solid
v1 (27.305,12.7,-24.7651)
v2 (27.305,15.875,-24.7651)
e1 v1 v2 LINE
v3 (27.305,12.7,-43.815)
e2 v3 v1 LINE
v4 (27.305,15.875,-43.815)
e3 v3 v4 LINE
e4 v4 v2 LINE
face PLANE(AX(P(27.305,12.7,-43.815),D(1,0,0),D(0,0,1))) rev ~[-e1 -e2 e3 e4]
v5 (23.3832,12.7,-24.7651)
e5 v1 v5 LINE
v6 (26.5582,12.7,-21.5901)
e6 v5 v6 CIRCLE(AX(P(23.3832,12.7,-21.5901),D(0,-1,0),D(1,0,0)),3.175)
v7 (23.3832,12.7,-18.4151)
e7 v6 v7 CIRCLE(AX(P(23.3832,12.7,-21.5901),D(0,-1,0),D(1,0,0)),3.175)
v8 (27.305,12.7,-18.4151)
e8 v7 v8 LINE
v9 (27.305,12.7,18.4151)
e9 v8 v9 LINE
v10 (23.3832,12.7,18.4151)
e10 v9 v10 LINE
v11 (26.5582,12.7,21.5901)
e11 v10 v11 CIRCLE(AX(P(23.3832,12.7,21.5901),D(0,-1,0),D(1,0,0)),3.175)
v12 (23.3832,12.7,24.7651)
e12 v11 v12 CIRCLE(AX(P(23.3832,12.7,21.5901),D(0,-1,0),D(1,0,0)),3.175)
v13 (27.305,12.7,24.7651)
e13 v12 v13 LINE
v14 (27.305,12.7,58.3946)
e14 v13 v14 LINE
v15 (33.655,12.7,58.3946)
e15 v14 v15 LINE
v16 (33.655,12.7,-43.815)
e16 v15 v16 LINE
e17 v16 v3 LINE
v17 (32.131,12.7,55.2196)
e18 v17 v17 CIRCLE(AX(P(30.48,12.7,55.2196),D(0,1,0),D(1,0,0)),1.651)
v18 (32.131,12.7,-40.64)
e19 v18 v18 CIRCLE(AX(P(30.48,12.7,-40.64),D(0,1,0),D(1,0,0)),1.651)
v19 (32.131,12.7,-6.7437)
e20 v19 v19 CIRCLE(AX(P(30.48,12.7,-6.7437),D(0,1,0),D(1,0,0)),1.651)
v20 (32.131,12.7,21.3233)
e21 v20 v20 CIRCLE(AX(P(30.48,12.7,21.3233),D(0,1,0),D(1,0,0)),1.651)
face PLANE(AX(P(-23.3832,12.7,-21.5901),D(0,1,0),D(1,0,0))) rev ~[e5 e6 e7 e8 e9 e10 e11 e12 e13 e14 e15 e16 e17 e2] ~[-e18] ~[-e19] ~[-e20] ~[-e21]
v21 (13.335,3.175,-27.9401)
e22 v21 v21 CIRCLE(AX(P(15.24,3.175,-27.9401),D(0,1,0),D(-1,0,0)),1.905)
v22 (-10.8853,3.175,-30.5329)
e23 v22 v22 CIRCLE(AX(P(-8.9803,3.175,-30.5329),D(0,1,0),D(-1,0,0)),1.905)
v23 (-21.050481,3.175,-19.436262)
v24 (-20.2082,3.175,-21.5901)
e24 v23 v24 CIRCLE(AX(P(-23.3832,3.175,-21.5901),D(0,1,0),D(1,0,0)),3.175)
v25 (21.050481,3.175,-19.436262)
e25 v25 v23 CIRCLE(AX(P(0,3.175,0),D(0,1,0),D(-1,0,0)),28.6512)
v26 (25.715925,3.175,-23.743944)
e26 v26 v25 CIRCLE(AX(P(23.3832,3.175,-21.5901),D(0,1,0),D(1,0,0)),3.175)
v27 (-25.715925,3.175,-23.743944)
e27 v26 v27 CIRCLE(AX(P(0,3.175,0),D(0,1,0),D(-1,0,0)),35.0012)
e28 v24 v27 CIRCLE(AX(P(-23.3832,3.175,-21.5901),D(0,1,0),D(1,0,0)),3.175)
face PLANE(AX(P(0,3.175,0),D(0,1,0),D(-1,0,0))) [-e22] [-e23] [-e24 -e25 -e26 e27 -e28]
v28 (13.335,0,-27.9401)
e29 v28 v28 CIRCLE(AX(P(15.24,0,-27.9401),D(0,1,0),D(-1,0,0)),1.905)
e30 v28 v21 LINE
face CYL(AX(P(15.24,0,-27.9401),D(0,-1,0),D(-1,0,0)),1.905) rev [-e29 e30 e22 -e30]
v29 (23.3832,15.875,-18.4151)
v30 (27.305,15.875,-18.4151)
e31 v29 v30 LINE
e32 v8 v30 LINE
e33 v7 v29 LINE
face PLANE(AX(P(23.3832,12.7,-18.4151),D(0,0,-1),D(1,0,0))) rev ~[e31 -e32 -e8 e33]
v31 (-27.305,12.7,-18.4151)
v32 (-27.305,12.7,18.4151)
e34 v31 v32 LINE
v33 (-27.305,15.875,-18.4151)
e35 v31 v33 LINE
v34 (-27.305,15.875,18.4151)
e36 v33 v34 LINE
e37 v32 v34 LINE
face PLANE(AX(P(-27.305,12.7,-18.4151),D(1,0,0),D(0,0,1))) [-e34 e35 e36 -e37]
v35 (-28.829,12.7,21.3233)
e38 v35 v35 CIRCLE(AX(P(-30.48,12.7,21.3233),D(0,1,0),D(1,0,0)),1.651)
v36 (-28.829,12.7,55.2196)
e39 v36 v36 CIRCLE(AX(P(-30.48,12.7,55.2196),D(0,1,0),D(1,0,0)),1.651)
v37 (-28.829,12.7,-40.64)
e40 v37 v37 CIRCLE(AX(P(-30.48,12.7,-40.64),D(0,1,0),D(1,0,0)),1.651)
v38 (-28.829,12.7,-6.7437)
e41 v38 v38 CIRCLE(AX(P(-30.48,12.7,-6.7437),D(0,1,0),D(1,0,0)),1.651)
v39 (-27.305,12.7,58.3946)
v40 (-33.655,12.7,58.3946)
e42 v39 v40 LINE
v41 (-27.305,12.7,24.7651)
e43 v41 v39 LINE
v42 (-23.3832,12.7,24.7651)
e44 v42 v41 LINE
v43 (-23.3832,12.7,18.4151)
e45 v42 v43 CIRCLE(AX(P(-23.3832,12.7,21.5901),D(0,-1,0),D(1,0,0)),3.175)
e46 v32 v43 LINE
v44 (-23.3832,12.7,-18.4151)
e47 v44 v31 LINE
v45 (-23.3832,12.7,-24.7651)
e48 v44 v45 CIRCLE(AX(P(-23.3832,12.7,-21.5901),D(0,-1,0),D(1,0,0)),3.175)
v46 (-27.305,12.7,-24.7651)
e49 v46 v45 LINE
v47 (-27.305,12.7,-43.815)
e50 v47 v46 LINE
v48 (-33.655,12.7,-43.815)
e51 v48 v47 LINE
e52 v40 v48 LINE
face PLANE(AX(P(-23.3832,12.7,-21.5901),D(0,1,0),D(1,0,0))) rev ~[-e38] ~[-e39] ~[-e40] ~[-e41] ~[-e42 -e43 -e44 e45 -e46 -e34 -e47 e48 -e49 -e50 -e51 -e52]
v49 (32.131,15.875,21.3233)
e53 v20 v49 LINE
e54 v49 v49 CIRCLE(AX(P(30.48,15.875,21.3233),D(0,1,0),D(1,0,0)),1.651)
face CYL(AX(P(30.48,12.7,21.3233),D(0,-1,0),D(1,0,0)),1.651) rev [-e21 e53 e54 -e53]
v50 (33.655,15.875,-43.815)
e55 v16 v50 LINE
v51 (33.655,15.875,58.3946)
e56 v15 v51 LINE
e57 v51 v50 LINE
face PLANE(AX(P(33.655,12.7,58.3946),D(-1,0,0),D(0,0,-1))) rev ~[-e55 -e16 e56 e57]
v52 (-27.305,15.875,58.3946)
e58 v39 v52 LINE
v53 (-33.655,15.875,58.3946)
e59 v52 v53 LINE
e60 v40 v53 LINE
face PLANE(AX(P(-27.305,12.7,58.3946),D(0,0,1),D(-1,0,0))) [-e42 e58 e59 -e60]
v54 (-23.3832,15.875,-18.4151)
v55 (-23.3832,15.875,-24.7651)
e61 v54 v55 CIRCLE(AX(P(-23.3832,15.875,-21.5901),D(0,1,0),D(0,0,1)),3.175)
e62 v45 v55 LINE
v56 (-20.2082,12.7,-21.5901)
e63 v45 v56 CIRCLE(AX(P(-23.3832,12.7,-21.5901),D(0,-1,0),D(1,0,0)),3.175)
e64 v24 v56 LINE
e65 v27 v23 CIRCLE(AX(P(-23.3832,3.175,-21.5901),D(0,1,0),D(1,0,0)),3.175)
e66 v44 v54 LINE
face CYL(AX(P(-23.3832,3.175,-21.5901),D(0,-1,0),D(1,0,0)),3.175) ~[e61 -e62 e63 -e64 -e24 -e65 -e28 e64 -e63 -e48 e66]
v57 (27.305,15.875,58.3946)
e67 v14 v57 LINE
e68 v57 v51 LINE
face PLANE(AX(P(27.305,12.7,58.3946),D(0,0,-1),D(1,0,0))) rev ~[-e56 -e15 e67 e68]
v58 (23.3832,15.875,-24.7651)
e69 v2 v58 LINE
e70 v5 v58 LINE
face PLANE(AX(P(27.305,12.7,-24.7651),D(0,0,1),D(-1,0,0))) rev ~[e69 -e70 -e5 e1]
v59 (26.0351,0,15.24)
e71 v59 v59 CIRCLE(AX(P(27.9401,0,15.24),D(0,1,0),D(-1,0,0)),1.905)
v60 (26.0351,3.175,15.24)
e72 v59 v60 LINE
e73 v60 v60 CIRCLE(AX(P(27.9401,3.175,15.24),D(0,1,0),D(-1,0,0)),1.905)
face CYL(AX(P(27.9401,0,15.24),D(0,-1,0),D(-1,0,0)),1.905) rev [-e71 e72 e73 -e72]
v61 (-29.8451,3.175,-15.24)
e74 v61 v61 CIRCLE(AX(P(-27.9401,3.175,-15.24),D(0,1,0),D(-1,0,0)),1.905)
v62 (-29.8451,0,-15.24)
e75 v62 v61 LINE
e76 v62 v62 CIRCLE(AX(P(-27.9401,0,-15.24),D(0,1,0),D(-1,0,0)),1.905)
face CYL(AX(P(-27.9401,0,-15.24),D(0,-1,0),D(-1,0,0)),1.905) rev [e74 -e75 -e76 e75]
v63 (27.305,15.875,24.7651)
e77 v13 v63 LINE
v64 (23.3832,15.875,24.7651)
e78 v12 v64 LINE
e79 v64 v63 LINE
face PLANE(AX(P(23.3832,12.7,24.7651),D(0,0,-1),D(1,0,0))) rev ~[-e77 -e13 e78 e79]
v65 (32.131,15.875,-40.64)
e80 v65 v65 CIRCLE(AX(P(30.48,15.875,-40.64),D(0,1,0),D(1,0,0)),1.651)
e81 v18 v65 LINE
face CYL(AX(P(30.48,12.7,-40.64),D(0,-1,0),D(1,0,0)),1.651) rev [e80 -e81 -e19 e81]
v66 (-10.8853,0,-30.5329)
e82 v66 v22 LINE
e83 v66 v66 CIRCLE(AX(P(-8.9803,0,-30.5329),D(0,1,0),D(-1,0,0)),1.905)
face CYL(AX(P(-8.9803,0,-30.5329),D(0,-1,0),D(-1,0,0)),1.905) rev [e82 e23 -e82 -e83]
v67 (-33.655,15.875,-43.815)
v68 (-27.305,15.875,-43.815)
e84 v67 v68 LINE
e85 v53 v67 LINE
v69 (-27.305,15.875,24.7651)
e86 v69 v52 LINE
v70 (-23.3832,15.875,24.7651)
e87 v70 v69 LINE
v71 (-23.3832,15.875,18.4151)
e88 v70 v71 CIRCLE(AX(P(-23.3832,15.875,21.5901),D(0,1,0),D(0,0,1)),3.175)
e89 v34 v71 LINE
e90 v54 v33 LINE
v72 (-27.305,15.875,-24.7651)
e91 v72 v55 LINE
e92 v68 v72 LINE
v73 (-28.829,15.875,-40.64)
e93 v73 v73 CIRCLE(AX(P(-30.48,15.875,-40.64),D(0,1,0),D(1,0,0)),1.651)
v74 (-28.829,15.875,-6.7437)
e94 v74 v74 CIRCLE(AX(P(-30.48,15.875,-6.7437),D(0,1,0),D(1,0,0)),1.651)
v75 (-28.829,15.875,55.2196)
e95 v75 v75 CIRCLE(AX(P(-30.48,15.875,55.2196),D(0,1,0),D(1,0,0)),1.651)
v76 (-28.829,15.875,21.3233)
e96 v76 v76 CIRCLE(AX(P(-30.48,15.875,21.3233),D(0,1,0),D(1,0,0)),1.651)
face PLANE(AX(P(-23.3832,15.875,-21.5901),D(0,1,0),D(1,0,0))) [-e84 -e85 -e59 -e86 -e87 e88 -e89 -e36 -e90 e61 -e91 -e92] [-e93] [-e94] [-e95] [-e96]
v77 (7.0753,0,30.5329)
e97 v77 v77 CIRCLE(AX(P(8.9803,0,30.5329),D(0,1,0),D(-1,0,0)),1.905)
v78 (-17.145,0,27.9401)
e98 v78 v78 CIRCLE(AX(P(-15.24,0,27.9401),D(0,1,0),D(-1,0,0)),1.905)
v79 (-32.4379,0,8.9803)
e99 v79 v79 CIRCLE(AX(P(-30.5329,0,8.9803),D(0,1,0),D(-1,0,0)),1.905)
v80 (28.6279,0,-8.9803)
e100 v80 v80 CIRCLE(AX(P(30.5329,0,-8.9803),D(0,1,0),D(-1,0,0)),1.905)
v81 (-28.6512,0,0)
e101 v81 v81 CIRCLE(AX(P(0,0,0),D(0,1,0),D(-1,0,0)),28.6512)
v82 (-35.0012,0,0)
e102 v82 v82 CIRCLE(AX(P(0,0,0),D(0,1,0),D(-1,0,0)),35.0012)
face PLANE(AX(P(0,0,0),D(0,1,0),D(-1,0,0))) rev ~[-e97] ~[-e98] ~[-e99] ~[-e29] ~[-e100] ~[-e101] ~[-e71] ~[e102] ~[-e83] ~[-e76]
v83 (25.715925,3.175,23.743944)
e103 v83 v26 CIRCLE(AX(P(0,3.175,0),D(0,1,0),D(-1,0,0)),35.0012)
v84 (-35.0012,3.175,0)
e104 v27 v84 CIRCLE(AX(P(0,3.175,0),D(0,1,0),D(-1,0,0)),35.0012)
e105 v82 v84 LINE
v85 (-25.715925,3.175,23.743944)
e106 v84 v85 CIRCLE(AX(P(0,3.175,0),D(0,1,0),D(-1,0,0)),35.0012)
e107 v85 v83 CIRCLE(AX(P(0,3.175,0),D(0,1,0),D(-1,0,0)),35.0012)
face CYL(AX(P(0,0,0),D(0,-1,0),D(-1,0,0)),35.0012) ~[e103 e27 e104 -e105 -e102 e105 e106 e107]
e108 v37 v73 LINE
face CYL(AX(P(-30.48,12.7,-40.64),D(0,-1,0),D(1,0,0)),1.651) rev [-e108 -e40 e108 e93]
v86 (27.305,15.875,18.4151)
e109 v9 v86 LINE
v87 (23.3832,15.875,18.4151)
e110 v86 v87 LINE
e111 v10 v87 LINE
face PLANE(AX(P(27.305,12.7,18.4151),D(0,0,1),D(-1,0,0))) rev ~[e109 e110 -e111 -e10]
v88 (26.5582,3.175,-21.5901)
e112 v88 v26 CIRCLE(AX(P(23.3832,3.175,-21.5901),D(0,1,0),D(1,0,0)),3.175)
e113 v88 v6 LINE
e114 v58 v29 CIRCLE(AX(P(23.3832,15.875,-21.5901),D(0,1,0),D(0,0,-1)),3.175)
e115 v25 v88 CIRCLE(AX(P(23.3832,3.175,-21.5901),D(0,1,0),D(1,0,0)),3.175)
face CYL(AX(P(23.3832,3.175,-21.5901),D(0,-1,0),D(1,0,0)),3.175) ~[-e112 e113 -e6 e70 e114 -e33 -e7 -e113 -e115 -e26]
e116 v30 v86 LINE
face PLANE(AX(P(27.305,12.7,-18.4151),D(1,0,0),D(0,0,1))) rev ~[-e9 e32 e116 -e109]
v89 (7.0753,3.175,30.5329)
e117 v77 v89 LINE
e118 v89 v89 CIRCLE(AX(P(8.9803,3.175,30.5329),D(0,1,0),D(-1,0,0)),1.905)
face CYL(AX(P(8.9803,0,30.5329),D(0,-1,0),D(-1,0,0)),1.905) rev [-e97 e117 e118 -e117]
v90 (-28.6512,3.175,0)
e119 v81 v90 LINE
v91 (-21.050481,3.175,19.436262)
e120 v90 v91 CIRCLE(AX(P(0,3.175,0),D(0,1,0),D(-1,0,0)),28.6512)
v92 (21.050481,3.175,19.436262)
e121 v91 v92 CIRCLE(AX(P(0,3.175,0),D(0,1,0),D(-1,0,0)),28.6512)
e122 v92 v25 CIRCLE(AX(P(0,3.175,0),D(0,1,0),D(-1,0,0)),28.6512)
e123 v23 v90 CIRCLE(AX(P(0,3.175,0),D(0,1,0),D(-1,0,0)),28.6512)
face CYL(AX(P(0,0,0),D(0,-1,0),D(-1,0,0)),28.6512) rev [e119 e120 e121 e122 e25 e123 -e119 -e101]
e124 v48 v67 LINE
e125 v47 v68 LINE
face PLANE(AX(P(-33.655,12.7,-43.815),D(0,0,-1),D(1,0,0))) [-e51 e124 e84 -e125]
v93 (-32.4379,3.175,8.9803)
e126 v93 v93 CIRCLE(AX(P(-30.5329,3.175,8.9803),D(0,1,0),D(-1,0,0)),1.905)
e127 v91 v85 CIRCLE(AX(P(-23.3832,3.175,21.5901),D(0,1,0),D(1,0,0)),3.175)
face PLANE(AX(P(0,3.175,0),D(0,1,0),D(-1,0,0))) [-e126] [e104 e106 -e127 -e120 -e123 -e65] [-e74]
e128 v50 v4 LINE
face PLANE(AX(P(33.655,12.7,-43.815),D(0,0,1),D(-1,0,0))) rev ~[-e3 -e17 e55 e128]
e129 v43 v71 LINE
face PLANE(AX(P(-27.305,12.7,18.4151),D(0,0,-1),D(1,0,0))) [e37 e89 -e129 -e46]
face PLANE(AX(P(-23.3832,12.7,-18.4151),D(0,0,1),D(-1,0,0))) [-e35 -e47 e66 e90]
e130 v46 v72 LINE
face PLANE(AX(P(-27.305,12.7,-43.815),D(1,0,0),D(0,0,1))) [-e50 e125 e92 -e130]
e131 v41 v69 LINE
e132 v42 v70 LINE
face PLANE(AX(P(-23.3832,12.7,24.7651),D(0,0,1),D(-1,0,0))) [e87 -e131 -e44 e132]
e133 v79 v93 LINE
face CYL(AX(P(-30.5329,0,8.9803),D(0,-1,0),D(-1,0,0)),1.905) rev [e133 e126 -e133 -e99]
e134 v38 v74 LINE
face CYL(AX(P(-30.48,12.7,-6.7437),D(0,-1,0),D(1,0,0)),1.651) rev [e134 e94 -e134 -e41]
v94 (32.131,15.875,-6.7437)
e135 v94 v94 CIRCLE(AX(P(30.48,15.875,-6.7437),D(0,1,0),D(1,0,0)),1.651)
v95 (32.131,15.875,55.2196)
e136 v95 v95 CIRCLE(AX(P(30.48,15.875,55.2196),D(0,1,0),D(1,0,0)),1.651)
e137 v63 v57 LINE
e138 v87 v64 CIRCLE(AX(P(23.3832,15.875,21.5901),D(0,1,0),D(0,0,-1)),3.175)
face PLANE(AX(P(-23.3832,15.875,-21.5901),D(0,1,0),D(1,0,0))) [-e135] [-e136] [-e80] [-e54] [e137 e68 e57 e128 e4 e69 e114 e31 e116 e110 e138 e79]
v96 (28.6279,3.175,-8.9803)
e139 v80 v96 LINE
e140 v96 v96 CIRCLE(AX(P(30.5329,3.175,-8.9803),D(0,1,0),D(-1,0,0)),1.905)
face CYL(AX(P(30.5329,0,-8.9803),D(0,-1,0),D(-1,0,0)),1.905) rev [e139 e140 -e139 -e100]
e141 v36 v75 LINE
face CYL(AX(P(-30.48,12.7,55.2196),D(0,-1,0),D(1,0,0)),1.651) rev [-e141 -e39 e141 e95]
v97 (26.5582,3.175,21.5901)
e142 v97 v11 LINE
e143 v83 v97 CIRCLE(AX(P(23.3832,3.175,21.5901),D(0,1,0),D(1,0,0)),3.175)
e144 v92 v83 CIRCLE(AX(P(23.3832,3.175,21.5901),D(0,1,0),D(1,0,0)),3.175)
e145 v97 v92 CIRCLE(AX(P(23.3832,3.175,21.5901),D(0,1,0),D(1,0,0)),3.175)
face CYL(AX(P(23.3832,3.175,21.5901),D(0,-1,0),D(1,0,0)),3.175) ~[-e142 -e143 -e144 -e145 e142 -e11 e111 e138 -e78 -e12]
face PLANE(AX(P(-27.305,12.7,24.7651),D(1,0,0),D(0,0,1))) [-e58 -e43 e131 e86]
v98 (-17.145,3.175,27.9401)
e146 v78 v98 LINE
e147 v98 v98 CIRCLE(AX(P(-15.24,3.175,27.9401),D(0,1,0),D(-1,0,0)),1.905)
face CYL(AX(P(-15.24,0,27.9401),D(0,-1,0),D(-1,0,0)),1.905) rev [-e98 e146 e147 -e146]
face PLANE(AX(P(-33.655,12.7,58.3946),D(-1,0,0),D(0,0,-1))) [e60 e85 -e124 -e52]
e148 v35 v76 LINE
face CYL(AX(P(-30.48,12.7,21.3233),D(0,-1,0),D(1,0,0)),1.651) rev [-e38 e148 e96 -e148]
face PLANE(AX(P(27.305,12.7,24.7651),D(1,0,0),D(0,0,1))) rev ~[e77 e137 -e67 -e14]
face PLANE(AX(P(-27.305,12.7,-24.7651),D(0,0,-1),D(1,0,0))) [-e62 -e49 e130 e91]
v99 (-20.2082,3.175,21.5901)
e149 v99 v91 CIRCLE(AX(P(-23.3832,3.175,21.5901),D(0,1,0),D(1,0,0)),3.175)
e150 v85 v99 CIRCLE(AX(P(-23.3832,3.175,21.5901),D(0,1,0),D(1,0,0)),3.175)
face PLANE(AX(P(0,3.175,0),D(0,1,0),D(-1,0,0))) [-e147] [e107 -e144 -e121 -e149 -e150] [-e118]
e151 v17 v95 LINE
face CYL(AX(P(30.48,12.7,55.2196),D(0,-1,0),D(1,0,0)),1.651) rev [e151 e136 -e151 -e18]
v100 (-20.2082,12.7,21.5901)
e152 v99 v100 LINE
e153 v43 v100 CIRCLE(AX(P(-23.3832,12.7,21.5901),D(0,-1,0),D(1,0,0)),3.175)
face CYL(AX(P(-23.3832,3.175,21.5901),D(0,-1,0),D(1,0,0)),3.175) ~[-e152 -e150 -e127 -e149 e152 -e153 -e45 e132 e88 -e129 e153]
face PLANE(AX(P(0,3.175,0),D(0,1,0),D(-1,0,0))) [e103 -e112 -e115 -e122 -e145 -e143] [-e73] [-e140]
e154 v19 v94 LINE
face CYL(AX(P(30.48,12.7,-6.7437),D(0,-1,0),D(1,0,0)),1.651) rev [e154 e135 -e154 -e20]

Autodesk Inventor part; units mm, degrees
ref_plane "YZ Plane" through (0, 0, 0) normal (1, 0, 0) x (0, 1, 0)
ref_plane "XZ Plane" through (0, 0, 0) normal (0, 1, 0) x (-1, 0, 0)
ref_plane "XY Plane" through (0, 0, 0) normal (0, 0, 1) x (1, 0, 0)
sketch "Sketch1" plane through (0, 0, 0) normal (0, 1, 0) x (-1, 0, 0)
  circle A0 centre (0, 0) radius 31.8262 construction
  circle A1 centre (27.9401, -15.24) radius 1.905
  line L0 (31.8262, 0) -> (0, 0) construction
  circle A2 centre (0, 0) radius 31.8262 construction
  circle A3 centre (30.5329, 8.9803) radius 1.905
  circle A4 centre (0, 0) radius 31.8262 construction
  circle A5 centre (15.24, 27.9401) radius 1.905
  circle A6 centre (0, 0) radius 31.8262 construction
  circle A7 centre (-8.9803, 30.5329) radius 1.905
  circle A8 centre (0, 0) radius 31.8262 construction
  circle A9 centre (-27.9401, 15.24) radius 1.905
  circle A10 centre (0, 0) radius 31.8262 construction
  circle A11 centre (-30.5329, -8.9803) radius 1.905
  circle A12 centre (0, 0) radius 31.8262 construction
  circle A13 centre (-15.24, -27.9401) radius 1.905
  circle A14 centre (0, 0) radius 31.8262 construction
  circle A15 centre (8.9803, -30.5329) radius 1.905
  circle A16 centre (0, 0) radius 35.0012
  circle A17 centre (0, 0) radius 28.6512
  point P0 (22.5045, 22.5045)
  point P1 (0, 31.8262)
  point P2 (-22.5045, 22.5045)
  point P3 (-31.8262, 0)
  point P4 (-22.5045, -22.5045)
  point P5 (0, -31.8262)
  point P6 (22.5045, -22.5045)
  dimension "d0" = 63.6524
  dimension "d1" = 3.81
  dimension "d2" = 15.24
  dimension "d5" = 360
  dimension "d7" = 70.0024
  dimension "d8" = 57.3024
extrude "Extrusion2" add sketch "Sketch1" along normal blind 3.175
sketch "Sketch3" plane through (0, 3.175, 0) normal (0, 1, 0) x (1, 0, 0)
  circle A0 centre (-30.5329, -8.9803) radius 1.905 construction
  line L0 (-32.4379, -8.9803) -> (-30.5329, -8.9803) construction
  line L1 (-28.6279, 0) -> (0, 0) construction
  line L2 (0, 0) -> (0, -28.6565) construction
  circle A1 centre (0, 0) radius 31.8262 construction
  circle A2 centre (-23.3832, -21.5901) radius 3.175
  circle A3 centre (0, 0) radius 28.6512 projected
  circle A4 centre (-23.3832, 21.5901) radius 3.175
  circle A5 centre (23.3832, -21.5901) radius 3.175
  circle A6 centre (23.3832, 21.5901) radius 3.175
  circle A7 centre (-15.24, -27.9401) radius 1.905 construction
  line L3 (-15.24, -27.9401) -> (-17.145, -27.9401) construction
  circle A8 centre (-27.9401, 15.24) radius 1.905 construction
  line L4 (-29.8451, 15.24) -> (-27.9401, 15.24) construction
  dimension "d14" = 6.35
  dimension "d15" = 6.3501
extrude "Extrusion3" add sketch "Sketch3" along normal blind 9.525 contours A2 | A4 | A6 | A5
sketch "Sketch7" plane through (-23.3832, 12.7, -21.5901) normal (0, 1, 0) x (1, 0, 0)
  circle A0 centre (-7.0968, 19.0499) radius 1.651
  circle A1 centre (53.8632, 19.0499) radius 1.651
  line L0 (-7.0968, 19.0499) -> (53.8632, 19.0499) construction
  circle A2 centre (0, 0) radius 3.175 construction
  arc A3 (49.0991, 2.1538) -> (44.4337, -2.1538) centre (46.7664, 0) ccw construction
  line L1 (0, 0) -> (46.7664, 0) construction
  line L2 (23.3832, 0) -> (23.3832, -21.5901) construction
  circle A4 centre (-7.0968, -14.8464) radius 1.651
  circle A5 centre (53.8632, -14.8464) radius 1.651
  line L3 (-7.0968, -14.8464) -> (53.8632, -14.8464) construction
  circle A6 centre (-7.0968, -42.9134) radius 1.651
  circle A7 centre (53.8632, -42.9134) radius 1.651
  line L4 (-7.0968, -42.9134) -> (53.8632, -42.9134) construction
  circle A8 centre (-7.0968, -76.8097) radius 1.651
  circle A9 centre (53.8632, -76.8097) radius 1.651
  line L5 (-7.0968, -76.8097) -> (53.8632, -76.8097) construction
  circle A10 centre (-4.5569, -6.3501) radius 1.905 construction
  line L6 (-4.5569, -6.3501) -> (23.3832, -6.3501) construction
  line L7 (-10.2718, 22.2249) -> (-3.9218, 22.2249)
  line L8 (-3.9218, 22.2249) -> (-3.9218, -79.9847)
  line L9 (-3.9218, -79.9847) -> (-10.2718, -79.9847)
  line L10 (-10.2718, -79.9847) -> (-10.2718, 22.2249)
  line L11 (-7.0968, 20.7009) -> (-7.0968, 19.0499) construction
  line L12 (-3.9218, 3.175) -> (0, 3.175)
  line L13 (3.175, 0) -> (3.175, 0)
  line L14 (0, -3.175) -> (-3.9218, -3.175)
  line L15 (-3.9218, -3.175) -> (-3.9218, 3.175)
  line L16 (-3.9218, -40.0052) -> (0, -40.0052)
  line L17 (3.175, -43.1802) -> (3.175, -43.1802)
  line L18 (0, -46.3552) -> (-3.9218, -46.3552)
  line L19 (-3.9218, -46.3552) -> (-3.9218, -40.0052)
  circle A11 centre (0, -43.1802) radius 3.175 projected
  arc A12 (3.175, 0) -> (0, 3.175) centre (0, 0) ccw
  arc A13 (0, -3.175) -> (3.175, 0) centre (0, 0) ccw
  arc A14 (3.175, -43.1802) -> (0, -40.0052) centre (0, -43.1802) ccw
  arc A15 (0, -46.3552) -> (3.175, -43.1802) centre (0, -43.1802) ccw
  circle A16 centre (46.7664, 0) radius 3.175 construction
  line L20 (57.0382, 22.2249) -> (50.6882, 22.2249)
  line L21 (50.6882, 22.2249) -> (50.6882, -79.9847)
  line L22 (50.6882, -79.9847) -> (57.0382, -79.9847)
  line L23 (57.0382, -79.9847) -> (57.0382, 22.2249)
  line L24 (50.6882, 3.175) -> (46.7664, 3.175)
  line L25 (46.7664, -3.175) -> (50.6882, -3.175)
  line L26 (50.6882, -40.0052) -> (46.7664, -40.0052)
  line L27 (46.7664, -46.3552) -> (50.6882, -46.3552)
  circle A17 centre (46.7664, -43.1802) radius 3.175
  arc A18 (46.7664, 3.175) -> (43.5914, 0) centre (46.7664, 0) ccw
  arc A19 (43.5914, 0) -> (46.7664, -3.175) centre (46.7664, 0) ccw
  arc A20 (46.7664, -40.0052) -> (43.5914, -43.1802) centre (46.7664, -43.1802) ccw
  point P0 (-3.9218, -46.3552)
  point P1 (0, -46.3552)
  point P2 (0, -40.0052)
  point P3 (-3.9218, -3.175)
  point P4 (3.175, 0)
  point P5 (43.5914, 0)
  dimension "d22" = 3.302
  dimension "d23" = 60.96
  dimension "d24" = 3.302
  dimension "d25" = 60.96
  dimension "d26" = 33.8963
  dimension "d27" = 3.302
  dimension "d28" = 60.96
  dimension "d29" = 3.302
  dimension "d30" = 60.96
  dimension "d31" = 33.8963
  dimension "d32" = 28.067
  dimension "d33" = 25.4
  dimension "d34" = 6.35
  dimension "d35" = 3.175
  dimension "d36" = 3.175
  dimension "d37" = 3.175
extrude "Extrusion4" add sketch "Sketch7" along normal blind 3.175
properties part number "grumpy mount"
